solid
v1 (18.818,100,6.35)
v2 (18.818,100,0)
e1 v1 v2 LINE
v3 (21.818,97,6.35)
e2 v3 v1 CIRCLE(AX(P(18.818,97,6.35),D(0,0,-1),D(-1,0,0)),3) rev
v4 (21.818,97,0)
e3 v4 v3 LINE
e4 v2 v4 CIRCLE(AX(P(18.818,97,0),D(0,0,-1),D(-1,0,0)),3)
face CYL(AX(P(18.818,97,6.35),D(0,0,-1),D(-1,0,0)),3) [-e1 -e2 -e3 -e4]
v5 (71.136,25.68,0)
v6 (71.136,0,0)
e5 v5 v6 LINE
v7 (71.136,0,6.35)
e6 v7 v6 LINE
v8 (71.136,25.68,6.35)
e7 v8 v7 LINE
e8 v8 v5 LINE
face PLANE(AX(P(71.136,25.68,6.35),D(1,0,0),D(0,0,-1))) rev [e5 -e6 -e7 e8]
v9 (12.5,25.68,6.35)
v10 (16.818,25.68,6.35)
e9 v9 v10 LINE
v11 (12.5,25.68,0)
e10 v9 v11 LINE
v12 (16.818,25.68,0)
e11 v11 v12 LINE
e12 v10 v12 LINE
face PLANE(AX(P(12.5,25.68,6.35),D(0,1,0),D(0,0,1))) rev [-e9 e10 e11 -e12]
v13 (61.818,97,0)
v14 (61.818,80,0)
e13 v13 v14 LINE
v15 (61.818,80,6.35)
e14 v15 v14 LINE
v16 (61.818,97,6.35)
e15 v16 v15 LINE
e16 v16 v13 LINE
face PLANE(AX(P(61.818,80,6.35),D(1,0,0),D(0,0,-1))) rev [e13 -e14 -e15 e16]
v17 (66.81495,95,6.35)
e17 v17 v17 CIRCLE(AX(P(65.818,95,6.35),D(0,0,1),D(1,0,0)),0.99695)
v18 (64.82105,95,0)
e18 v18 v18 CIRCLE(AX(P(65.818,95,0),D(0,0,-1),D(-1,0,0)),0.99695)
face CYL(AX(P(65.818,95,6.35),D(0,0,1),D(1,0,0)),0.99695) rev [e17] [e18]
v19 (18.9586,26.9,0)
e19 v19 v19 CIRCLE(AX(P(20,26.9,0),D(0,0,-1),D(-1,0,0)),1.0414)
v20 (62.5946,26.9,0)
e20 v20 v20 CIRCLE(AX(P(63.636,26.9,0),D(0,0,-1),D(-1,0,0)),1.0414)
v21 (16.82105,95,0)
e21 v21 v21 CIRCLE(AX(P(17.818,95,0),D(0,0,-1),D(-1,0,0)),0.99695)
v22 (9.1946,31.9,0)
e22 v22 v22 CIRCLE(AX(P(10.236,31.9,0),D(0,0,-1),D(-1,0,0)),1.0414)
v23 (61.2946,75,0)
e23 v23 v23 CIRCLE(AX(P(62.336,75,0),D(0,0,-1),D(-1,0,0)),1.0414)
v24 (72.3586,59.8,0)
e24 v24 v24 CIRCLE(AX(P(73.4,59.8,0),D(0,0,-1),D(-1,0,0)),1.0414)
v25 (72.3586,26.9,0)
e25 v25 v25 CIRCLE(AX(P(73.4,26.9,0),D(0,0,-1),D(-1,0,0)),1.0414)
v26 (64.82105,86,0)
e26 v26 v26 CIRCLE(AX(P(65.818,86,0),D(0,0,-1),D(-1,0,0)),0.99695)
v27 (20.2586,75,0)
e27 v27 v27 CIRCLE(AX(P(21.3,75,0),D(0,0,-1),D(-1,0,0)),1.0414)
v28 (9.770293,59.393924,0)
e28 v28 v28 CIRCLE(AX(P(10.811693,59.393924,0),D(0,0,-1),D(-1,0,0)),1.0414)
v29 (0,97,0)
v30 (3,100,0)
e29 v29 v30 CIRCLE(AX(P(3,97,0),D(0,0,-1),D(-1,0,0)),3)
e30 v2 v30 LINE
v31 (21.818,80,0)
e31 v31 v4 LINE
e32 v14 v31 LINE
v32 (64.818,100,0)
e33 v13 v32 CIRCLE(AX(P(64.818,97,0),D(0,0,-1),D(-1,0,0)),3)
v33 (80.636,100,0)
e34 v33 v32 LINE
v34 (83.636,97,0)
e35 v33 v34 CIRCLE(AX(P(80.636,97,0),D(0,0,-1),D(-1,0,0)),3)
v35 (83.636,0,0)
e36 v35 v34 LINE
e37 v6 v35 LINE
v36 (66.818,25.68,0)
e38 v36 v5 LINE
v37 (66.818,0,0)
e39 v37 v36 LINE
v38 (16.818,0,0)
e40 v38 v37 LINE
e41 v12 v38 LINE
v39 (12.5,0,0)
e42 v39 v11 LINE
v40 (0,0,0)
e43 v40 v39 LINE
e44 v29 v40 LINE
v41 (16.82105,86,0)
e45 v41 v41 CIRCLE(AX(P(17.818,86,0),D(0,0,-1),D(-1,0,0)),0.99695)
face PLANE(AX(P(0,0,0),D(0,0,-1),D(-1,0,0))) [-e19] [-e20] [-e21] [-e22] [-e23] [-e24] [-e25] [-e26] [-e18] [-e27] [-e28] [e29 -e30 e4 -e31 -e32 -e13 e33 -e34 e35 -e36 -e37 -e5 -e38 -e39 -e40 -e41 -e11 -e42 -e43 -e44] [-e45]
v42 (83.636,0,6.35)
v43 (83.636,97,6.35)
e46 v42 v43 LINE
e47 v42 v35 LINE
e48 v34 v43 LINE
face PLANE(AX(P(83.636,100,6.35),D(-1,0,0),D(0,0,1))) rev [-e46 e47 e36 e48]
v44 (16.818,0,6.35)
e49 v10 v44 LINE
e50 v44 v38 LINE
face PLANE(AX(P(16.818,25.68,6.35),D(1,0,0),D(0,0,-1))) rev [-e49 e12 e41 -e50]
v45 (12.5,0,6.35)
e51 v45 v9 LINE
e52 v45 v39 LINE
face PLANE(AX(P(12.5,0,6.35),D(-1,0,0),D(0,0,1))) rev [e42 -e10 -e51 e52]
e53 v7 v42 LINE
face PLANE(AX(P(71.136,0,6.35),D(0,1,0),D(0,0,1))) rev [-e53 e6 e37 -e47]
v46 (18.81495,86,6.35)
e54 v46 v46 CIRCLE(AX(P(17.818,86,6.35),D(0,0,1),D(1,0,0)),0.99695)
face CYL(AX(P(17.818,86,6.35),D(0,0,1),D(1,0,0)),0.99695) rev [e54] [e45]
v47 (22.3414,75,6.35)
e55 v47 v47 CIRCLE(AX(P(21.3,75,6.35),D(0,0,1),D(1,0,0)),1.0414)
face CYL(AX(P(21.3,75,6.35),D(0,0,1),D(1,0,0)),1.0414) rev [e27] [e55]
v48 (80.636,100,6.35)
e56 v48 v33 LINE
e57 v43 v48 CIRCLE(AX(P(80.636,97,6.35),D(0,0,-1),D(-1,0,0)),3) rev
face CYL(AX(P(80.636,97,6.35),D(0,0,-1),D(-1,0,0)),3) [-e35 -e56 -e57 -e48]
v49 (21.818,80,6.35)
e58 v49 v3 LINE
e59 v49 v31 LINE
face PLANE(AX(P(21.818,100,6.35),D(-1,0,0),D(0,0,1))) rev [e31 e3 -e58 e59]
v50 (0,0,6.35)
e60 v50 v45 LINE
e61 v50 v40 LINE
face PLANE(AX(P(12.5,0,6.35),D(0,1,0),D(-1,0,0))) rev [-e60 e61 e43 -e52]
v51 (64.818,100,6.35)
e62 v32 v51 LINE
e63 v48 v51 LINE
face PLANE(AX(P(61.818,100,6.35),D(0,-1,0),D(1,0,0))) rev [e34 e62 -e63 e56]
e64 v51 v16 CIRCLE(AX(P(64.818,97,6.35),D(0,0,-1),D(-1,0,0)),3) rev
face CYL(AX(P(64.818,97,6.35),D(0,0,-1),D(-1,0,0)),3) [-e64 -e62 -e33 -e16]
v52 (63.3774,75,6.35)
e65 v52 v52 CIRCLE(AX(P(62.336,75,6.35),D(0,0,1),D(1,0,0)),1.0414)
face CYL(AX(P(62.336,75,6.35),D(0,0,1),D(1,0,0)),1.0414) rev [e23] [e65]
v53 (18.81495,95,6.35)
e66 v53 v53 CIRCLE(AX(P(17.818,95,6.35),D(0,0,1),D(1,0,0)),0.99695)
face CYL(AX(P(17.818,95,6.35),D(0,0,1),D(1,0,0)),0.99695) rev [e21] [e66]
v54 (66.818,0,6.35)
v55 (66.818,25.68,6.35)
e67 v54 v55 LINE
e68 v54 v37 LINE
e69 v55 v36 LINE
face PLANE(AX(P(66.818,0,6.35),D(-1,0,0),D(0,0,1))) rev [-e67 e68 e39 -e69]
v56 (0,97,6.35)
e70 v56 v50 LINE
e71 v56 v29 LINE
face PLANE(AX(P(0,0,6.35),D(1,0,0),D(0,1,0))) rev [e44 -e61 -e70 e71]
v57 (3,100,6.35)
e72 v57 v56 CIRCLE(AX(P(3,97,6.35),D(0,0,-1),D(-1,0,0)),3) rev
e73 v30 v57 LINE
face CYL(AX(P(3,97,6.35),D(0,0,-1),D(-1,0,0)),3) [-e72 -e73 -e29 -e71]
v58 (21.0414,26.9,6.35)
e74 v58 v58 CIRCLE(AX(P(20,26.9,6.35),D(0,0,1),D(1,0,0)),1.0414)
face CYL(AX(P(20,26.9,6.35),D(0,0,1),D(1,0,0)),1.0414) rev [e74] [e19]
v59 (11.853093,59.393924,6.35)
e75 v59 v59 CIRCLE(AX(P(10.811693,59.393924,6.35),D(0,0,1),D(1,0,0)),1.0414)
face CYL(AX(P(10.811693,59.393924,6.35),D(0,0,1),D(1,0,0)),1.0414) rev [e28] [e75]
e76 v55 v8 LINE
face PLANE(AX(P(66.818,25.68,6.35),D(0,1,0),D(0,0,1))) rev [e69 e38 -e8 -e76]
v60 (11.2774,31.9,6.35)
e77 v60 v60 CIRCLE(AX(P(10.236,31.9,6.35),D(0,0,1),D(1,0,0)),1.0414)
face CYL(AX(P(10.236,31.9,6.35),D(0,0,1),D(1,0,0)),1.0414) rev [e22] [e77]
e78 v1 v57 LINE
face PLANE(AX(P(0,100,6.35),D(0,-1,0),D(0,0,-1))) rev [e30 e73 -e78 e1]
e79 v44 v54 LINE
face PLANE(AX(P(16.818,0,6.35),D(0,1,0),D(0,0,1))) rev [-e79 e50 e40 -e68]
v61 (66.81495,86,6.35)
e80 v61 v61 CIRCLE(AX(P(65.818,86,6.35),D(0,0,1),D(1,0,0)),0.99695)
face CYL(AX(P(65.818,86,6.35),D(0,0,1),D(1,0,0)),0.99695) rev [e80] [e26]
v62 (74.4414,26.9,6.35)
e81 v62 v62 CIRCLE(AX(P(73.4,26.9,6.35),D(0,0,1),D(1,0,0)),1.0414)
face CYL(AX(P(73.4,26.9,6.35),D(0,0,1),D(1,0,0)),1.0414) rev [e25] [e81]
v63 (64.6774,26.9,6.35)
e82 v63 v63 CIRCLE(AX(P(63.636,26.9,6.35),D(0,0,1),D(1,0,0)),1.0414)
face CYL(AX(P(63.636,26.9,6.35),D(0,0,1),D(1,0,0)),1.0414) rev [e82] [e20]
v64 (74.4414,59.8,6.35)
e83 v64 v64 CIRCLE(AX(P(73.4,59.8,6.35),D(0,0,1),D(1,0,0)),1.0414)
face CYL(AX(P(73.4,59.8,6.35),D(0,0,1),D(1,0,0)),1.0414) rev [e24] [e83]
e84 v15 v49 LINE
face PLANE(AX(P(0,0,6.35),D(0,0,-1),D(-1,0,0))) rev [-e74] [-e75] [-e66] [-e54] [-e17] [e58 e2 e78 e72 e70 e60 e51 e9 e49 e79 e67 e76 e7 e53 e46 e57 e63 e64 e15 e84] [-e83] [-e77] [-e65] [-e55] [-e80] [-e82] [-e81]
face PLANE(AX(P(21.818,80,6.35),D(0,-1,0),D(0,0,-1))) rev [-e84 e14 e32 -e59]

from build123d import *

# Parameters (mm, degrees)
MAIN_SHAPE_DEPTH                            = 6.35
FILLET1_R                                   = 3
F_3_48_TAPPED_HOLE1_D                       = 1.9939
F_3_48_TAPPED_HOLE1_DEPTH                   = 6.61
F_3_48_TAPPED_HOLE1_TIP                     = 0.599027994
F_3_48_TAPPED_HOLE1_FOR_ARDUINO_MOUNT_D     = 2.0828
F_3_48_TAPPED_HOLE1_FOR_ARDUINO_MOUNT_DEPTH = 7.3
F_3_48_TAPPED_HOLE1_FOR_ARDUINO_MOUNT_TIP   = 0.625736249


with BuildPart() as part:
    # Sketch1 → main shape (new body)
    with BuildSketch(Plane.XY):
        Polygon((0, 0), (0, 100), (21.818, 100), (21.818, 80), (61.818, 80), (61.818, 100), (83.636, 100), (83.636, 0), (71.136, 0), (71.136, 25.68), (66.818, 25.68), (66.818, 0), (16.818, 0), (16.818, 25.68), (12.5, 25.68), (12.5, 0), align=None)
    extrude(amount=MAIN_SHAPE_DEPTH)

    # Fillet1
    fillet1_edges = [part.edges().sort_by_distance(p)[0] for p in [
        (0, 100, 3.175),
        (21.818, 100, 3.175),
        (61.818, 100, 3.175),
        (83.636, 100, 3.175),
    ]]
    fillet(fillet1_edges, radius=FILLET1_R)

    # #3-48 Tapped Hole1
    with Locations(Plane.XY.offset(6.35)):
        with Locations((17.818, 95), (17.818, 86), (65.818, 86), (65.818, 95)):
            Hole(F_3_48_TAPPED_HOLE1_D / 2, depth=F_3_48_TAPPED_HOLE1_DEPTH)
            with Locations((0, 0, -(F_3_48_TAPPED_HOLE1_DEPTH + F_3_48_TAPPED_HOLE1_TIP / 2))):  # 118° drill point
                Cone(0, F_3_48_TAPPED_HOLE1_D / 2, F_3_48_TAPPED_HOLE1_TIP, mode=Mode.SUBTRACT)

    # #3-48 Tapped Hole1 for arduino mount
    with Locations(Plane.XY.offset(6.35)):
        with Locations((21.3, 75), (20, 26.9), (73.4, 26.9), (73.4, 59.8), (10.236, 31.9), (63.636, 26.9), (62.336, 75), (10.811692828, 59.393923536)):
            Hole(F_3_48_TAPPED_HOLE1_FOR_ARDUINO_MOUNT_D / 2, depth=F_3_48_TAPPED_HOLE1_FOR_ARDUINO_MOUNT_DEPTH)
            with Locations((0, 0, -(F_3_48_TAPPED_HOLE1_FOR_ARDUINO_MOUNT_DEPTH + F_3_48_TAPPED_HOLE1_FOR_ARDUINO_MOUNT_TIP / 2))):  # 118° drill point
                Cone(0, F_3_48_TAPPED_HOLE1_FOR_ARDUINO_MOUNT_D / 2, F_3_48_TAPPED_HOLE1_FOR_ARDUINO_MOUNT_TIP, mode=Mode.SUBTRACT)


solid = part.part
